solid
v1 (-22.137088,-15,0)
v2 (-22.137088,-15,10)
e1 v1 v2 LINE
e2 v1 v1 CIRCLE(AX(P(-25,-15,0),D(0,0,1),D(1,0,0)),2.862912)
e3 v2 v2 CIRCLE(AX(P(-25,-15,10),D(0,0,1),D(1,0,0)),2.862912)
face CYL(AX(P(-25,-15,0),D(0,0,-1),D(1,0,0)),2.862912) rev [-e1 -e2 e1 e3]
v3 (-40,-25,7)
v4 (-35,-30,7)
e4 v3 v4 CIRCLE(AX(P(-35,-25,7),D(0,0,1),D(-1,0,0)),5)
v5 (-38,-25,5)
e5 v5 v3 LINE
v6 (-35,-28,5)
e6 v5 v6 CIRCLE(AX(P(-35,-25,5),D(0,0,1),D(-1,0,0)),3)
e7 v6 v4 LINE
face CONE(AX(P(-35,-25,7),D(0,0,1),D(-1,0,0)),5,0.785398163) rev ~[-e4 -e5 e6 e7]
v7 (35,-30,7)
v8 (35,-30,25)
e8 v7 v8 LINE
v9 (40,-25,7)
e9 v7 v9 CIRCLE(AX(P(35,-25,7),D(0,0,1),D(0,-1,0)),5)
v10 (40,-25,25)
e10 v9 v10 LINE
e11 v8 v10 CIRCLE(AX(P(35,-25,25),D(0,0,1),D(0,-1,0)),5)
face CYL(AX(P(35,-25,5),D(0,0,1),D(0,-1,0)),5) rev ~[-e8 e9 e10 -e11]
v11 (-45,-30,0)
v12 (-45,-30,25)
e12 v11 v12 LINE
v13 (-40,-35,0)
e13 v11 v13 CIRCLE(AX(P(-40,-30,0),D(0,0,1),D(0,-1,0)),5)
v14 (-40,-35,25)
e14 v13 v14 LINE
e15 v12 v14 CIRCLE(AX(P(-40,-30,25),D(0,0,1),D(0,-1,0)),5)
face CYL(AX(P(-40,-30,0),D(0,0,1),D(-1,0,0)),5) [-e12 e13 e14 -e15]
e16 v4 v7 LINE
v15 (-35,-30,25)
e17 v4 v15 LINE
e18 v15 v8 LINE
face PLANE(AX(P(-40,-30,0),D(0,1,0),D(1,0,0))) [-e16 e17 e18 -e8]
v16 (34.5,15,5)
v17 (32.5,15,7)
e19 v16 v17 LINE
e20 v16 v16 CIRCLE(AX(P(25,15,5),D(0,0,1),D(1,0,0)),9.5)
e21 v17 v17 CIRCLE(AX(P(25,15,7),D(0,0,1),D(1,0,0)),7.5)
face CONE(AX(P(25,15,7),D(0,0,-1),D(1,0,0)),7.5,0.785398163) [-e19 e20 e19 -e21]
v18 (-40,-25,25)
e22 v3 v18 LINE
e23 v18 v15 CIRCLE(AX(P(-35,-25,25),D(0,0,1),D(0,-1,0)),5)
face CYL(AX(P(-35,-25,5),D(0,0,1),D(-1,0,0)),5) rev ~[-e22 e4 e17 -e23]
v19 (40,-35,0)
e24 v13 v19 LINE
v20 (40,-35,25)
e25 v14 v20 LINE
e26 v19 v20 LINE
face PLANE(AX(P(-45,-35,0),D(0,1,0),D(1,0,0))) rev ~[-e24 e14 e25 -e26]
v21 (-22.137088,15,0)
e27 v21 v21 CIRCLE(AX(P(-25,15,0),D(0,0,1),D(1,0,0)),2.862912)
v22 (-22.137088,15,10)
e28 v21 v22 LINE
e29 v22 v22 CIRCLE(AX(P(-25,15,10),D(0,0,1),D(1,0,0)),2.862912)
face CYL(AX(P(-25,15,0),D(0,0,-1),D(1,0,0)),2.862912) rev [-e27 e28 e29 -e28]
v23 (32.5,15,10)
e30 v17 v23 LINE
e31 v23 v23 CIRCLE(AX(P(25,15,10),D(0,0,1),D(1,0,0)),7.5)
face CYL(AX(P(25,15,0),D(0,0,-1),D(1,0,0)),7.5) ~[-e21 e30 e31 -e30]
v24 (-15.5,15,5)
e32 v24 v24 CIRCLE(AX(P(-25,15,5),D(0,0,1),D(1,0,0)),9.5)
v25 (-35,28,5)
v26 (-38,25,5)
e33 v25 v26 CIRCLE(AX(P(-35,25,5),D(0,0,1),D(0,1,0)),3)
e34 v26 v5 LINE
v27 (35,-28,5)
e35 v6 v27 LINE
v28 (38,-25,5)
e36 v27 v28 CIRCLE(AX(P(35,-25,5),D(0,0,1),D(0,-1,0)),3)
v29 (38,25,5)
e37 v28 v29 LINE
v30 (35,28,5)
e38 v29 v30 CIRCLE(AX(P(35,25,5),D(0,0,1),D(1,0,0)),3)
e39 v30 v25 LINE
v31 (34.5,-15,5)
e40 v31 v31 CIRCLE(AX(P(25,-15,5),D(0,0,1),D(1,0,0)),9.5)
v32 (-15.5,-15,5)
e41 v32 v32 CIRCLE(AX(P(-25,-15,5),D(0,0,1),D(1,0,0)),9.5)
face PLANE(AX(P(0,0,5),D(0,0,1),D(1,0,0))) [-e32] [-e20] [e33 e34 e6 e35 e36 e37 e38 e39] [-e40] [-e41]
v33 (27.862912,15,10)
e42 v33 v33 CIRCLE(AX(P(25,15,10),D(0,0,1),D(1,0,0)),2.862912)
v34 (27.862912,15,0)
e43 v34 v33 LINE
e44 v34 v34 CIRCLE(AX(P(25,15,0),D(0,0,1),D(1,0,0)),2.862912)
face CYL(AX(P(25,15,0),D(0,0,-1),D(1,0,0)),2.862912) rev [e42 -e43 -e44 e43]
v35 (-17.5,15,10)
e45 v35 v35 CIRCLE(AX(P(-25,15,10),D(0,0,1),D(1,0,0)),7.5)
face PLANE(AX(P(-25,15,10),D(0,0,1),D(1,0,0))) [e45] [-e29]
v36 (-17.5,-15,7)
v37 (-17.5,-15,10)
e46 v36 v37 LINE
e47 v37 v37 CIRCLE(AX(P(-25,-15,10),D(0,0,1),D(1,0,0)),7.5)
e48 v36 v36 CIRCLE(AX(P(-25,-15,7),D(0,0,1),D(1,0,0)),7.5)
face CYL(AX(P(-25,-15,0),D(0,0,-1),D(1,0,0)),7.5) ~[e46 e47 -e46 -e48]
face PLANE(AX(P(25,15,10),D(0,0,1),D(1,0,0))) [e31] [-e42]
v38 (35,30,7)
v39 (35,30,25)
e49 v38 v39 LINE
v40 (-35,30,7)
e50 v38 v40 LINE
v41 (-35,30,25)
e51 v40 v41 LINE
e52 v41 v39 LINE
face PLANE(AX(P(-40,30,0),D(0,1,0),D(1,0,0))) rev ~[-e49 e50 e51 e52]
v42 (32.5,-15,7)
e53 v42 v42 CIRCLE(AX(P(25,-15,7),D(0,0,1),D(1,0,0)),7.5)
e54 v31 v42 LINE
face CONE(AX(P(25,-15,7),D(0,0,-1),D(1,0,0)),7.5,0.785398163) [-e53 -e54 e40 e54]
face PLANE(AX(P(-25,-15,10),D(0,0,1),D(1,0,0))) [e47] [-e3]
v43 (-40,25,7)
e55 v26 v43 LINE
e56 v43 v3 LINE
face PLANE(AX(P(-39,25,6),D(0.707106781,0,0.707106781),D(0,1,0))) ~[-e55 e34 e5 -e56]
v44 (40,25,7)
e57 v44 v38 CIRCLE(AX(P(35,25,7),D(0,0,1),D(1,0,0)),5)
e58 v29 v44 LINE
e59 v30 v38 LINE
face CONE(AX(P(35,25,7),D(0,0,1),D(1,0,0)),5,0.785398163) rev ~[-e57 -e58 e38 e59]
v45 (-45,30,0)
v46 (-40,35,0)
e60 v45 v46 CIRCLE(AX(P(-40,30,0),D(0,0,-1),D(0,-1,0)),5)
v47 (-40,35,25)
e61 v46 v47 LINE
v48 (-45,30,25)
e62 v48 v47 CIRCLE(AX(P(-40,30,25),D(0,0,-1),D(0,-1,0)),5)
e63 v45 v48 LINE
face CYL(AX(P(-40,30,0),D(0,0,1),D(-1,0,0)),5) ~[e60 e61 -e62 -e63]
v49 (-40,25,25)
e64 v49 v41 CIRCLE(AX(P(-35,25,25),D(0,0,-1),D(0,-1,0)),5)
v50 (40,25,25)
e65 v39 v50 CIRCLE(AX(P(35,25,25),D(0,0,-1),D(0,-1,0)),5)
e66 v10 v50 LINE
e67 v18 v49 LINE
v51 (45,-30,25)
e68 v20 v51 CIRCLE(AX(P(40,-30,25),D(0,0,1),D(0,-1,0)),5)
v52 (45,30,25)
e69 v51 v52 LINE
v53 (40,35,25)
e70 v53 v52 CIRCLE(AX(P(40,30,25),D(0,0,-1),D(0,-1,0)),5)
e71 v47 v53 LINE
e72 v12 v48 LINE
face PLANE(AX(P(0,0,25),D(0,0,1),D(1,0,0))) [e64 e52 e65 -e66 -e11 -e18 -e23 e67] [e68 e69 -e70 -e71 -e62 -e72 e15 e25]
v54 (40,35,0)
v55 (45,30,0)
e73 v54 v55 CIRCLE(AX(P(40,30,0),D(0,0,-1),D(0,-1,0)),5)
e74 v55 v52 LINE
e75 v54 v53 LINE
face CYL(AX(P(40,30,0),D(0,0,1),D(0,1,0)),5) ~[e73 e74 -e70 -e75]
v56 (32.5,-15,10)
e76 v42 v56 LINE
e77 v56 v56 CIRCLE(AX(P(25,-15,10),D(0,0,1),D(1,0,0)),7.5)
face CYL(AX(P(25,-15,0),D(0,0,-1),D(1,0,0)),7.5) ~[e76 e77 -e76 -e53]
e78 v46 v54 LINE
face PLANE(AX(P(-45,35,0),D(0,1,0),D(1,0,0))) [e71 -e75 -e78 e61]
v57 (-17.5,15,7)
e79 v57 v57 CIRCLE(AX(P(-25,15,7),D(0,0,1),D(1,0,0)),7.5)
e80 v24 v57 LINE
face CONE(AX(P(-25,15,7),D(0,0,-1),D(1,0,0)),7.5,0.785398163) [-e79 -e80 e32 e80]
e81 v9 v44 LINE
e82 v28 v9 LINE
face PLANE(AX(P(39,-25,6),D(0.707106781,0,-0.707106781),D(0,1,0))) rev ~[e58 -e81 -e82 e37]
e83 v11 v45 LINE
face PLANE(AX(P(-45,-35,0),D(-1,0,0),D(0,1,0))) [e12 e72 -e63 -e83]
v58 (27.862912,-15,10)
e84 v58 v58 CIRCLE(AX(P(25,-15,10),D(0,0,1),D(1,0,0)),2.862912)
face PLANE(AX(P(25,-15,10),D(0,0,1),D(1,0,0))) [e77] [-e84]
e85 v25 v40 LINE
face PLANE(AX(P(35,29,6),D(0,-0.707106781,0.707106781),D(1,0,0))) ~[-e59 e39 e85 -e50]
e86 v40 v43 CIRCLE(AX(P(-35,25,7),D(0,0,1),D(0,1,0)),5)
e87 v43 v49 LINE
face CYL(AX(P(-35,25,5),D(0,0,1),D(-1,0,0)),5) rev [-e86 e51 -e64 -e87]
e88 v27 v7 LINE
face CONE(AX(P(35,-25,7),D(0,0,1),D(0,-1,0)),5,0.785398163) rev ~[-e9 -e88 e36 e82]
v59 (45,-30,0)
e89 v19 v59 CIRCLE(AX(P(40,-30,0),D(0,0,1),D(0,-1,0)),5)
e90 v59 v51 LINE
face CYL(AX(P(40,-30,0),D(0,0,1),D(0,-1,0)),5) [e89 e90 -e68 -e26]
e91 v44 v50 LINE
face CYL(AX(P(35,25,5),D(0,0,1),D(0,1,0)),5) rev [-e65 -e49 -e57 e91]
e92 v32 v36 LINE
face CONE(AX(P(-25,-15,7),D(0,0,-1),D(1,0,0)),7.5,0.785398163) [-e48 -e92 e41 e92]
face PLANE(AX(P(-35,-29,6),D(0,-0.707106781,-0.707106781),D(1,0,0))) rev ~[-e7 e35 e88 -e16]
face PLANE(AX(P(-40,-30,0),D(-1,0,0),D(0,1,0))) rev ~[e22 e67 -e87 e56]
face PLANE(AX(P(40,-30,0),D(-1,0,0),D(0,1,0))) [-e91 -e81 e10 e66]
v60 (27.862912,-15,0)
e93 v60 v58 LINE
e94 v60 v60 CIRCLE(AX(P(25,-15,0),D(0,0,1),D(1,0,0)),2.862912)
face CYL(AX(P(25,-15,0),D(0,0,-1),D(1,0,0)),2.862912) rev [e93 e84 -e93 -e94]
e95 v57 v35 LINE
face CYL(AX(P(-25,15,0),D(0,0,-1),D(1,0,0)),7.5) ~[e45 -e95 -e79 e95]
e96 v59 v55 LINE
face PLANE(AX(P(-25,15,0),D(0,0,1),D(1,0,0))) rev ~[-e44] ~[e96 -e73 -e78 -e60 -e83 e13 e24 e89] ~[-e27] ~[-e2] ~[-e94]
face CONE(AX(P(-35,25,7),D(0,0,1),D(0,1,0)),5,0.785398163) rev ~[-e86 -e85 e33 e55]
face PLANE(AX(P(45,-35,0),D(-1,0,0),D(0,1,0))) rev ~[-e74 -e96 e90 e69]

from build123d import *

# Parameters (mm, degrees)
F0_W     = 90
F0_H     = 70
F0_W_2   = 80
F0_H_2   = 60
F1_DEPTH = 25
F0_R     = 7.5
F2_DEPTH = 5
F0_R_2   = 2.8629120086
F3_DEPTH = 10
F4_R     = 5
F5_SIZE  = 2


with BuildPart() as f1:
    # F0 (on Top) → F1 (new body)
    with BuildSketch(Plane.XY):
        Rectangle(F0_W, F0_H)
        Rectangle(F0_W_2, F0_H_2, mode=Mode.SUBTRACT)
    extrude(amount=F1_DEPTH)

    # F0 (on Top) → F2 (join)
    with BuildSketch(Plane.XY):
        Rectangle(F0_W_2, F0_H_2)
        with Locations((-25, -15)):
            Circle(F0_R, mode=Mode.SUBTRACT)
        with Locations((25, -15)):
            Circle(F0_R, mode=Mode.SUBTRACT)
        with Locations((-25, 15)):
            Circle(F0_R, mode=Mode.SUBTRACT)
        with Locations((25, 15)):
            Circle(F0_R, mode=Mode.SUBTRACT)
    extrude(amount=F2_DEPTH)

    # F0 (on Top) → F3 (join)
    with BuildSketch(Plane.XY):
        with Locations((-25, 15)):
            Circle(F0_R)
        with Locations((-25, 15)):
            Circle(F0_R_2, mode=Mode.SUBTRACT)
        with Locations((-25, -15)):
            Circle(F0_R)
        with Locations((-25, -15)):
            Circle(F0_R_2, mode=Mode.SUBTRACT)
        with Locations((25, 15)):
            Circle(F0_R)
        with Locations((25, 15)):
            Circle(F0_R_2, mode=Mode.SUBTRACT)
        with Locations((25, -15)):
            Circle(F0_R)
        with Locations((25, -15)):
            Circle(F0_R_2, mode=Mode.SUBTRACT)
    extrude(amount=F3_DEPTH)

    # F4
    f4_edges = [f1.edges().sort_by_distance(p)[0] for p in [
        (-40, 30, 15),
        (45, 35, 12.5),
        (45, -35, 12.5),
        (-45, -35, 12.5),
        (-45, 35, 12.5),
        (40, -30, 15),
        (-40, -30, 15),
        (40, 30, 15),
    ]]
    fillet(f4_edges, radius=F4_R)

    # F5
    f5_edges = [f1.edges().sort_by_distance(p)[0] for p in [
        (-32.5, 15, 5),
        (17.5, 15, 5),
        (-32.5, -15, 5),
        (0, -30, 5),
        (-38.535534, -28.535534, 5),
        (38.535534, -28.535534, 5),
        (-40, 0, 5),
        (40, 0, 5),
        (-38.535534, 28.535534, 5),
        (38.535534, 28.535534, 5),
        (0, 30, 5),
        (17.5, -15, 5),
    ]]
    chamfer(f5_edges, length=F5_SIZE)


solid = f1.part
